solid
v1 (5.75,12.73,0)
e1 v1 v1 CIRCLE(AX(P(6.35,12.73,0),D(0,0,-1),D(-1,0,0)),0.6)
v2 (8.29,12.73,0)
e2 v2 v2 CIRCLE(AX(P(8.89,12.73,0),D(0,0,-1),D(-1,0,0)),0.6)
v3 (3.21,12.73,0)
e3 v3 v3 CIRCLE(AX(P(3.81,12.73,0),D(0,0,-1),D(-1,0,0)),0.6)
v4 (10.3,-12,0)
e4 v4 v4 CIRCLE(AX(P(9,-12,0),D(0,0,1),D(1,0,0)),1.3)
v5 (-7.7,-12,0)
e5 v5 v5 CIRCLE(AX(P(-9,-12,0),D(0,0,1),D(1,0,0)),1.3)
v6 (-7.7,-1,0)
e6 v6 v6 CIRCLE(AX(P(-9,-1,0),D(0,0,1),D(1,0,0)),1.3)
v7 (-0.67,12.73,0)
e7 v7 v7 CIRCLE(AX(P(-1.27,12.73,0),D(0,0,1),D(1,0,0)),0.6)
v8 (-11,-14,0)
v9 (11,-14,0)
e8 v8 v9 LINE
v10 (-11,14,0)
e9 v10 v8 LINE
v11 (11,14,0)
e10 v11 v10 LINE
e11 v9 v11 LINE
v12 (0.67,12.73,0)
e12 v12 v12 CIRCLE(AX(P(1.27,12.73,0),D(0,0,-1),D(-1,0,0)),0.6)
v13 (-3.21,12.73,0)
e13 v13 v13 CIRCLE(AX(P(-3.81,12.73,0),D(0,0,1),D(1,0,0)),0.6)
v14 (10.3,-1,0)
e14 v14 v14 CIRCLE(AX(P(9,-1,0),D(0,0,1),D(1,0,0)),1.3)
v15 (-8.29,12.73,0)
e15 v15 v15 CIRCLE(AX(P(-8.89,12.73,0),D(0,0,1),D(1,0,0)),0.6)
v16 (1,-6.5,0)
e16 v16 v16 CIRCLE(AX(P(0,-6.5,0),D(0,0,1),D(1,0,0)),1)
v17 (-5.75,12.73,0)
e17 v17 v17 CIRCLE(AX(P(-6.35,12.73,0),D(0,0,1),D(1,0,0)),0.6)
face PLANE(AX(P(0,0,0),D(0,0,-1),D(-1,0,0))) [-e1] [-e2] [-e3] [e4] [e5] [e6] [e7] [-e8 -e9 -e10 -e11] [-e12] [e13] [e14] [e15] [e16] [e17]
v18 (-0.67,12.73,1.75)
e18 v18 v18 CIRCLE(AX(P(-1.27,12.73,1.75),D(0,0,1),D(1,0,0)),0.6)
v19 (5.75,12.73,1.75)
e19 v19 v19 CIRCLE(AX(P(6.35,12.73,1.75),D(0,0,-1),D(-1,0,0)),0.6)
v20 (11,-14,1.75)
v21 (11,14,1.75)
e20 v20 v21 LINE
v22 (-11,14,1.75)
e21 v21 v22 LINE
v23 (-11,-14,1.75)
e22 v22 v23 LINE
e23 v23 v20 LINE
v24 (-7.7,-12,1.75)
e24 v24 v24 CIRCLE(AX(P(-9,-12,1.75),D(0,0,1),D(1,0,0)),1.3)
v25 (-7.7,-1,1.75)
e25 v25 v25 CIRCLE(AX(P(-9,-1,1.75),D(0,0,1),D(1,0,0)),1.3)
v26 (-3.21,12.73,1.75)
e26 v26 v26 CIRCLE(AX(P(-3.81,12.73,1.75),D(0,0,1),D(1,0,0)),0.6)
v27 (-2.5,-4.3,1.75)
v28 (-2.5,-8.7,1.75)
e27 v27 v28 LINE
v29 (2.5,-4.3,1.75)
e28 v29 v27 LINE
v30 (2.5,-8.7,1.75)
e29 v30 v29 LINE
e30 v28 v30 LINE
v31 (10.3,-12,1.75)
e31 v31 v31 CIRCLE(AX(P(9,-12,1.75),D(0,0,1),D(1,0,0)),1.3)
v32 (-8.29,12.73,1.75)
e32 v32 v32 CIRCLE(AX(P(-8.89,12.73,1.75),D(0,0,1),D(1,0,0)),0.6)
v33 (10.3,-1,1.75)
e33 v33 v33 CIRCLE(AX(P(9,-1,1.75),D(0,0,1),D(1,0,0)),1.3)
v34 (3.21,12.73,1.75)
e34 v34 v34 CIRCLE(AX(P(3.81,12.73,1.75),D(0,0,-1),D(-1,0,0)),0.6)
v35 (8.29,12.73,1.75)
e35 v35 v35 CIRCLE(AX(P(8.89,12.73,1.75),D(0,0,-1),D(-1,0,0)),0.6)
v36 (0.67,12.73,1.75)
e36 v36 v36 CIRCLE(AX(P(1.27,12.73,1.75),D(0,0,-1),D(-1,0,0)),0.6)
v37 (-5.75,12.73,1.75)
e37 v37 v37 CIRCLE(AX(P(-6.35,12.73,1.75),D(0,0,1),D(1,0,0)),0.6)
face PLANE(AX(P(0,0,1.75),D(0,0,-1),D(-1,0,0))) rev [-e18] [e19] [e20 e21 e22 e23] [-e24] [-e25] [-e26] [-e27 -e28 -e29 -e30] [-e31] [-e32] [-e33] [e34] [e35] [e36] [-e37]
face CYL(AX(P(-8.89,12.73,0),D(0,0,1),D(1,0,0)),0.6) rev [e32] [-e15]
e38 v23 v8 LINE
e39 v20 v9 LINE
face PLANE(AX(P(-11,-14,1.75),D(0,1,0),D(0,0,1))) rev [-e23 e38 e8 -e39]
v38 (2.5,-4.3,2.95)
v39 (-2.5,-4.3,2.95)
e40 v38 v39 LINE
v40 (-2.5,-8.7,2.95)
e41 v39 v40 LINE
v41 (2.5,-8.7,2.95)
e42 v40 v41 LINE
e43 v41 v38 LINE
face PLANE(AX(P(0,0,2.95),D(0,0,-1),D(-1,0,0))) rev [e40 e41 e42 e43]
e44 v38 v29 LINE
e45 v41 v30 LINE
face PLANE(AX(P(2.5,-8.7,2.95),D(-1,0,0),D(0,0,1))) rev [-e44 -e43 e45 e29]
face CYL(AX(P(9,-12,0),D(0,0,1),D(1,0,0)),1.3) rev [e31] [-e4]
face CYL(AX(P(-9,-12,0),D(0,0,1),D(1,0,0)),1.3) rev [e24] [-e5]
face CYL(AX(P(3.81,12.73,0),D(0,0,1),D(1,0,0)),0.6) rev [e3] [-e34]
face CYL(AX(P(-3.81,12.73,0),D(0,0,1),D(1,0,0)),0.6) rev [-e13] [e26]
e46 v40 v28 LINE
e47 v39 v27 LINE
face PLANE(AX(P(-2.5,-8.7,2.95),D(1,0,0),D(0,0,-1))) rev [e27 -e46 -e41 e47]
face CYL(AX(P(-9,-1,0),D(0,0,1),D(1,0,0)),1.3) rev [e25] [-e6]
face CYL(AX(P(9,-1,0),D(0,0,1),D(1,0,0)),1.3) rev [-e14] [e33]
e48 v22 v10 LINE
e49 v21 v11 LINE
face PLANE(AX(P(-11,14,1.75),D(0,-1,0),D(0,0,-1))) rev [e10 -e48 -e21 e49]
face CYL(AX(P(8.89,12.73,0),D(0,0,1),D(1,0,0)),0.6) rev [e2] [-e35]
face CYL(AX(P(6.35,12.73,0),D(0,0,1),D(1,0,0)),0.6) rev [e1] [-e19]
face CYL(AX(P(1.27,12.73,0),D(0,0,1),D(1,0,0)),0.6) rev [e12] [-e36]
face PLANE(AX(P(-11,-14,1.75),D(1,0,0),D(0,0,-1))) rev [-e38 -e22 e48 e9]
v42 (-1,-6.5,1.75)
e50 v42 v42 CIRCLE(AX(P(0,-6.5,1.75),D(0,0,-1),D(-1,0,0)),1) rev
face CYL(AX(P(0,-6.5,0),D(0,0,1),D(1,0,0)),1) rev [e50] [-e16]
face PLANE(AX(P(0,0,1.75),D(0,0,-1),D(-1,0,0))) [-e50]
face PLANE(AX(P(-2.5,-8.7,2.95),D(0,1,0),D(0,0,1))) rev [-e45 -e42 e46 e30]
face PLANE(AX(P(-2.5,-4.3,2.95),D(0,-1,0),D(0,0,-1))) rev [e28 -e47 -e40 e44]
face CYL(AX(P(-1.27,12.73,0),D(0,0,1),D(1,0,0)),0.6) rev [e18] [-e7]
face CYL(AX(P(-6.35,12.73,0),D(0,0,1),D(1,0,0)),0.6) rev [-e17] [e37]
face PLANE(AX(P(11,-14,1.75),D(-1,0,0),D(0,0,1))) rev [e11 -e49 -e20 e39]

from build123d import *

# Parameters (mm, degrees)
SKETCH1_W               = 22
SKETCH1_H               = 28
BOSS_EXTRUDE1_DEPTH     = 1.75
SKETCH2_R               = 1.3
SKETCH2_R_2             = 1
CUT_EXTRUDE1_DEPTH      = 18.890290663
SKETCH3_R               = 0.6
CUT_EXTRUDE2_DEPTH      = 18.890290663
LPATTERN1_COUNT         = 4
LPATTERN1_PITCH         = 2.54
MIRROR1_COPY_1_SKETCH_R = 0.6
MIRROR1_COPY_1_DEPTH    = 18.890290663
MIRROR1_COPY_2_SKETCH_R = 0.6
MIRROR1_COPY_2_DEPTH    = 18.890290663
MIRROR1_COPY_3_SKETCH_R = 0.6
MIRROR1_COPY_3_DEPTH    = 18.890290663
SKETCH4_W               = 5
SKETCH4_H               = 4.4
BOSS_EXTRUDE2_DEPTH     = 1.2


with BuildPart() as part:
    # Sketch1 → Boss-Extrude1 (new body)
    with BuildSketch(Plane.XY):
        Rectangle(SKETCH1_W, SKETCH1_H)
    extrude(amount=BOSS_EXTRUDE1_DEPTH)

    # Sketch2 → Cut-Extrude1 (cut, through all)
    with BuildSketch(Plane.XY.offset(1.75)):
        with Locations((-9, -1)):
            Circle(SKETCH2_R)
        with Locations((-9, -12)):
            Circle(SKETCH2_R)
        with Locations((9, -12)):
            Circle(SKETCH2_R)
        with Locations((9, -1)):
            Circle(SKETCH2_R)
        with Locations((0, -6.5)):
            Circle(SKETCH2_R_2)
    extrude(amount=-CUT_EXTRUDE1_DEPTH, mode=Mode.SUBTRACT)

    # Sketch3 → Cut-Extrude2 (cut, through all)
    with BuildSketch(Plane.XY.offset(1.75)):
        with Locations((-1.27, 12.73)):
            Circle(SKETCH3_R)
    cut_extrude2 = extrude(amount=-CUT_EXTRUDE2_DEPTH, mode=Mode.SUBTRACT)

    # LPattern1: Cut-Extrude2 ×4
    with Locations(*[(-i * LPATTERN1_PITCH, 0, 0) for i in range(1, LPATTERN1_COUNT)]):
        add(cut_extrude2, mode=Mode.SUBTRACT)

    # Mirror1: Cut-Extrude2 across plane
    add(cut_extrude2.mirror(Plane(origin=(0, 0, 0), x_dir=(0, 0, 1), z_dir=(1, 0, 0))), mode=Mode.SUBTRACT)

    # Mirror1 copy 1 sketch → Mirror1 copy 1 (cut, through all)
    with BuildSketch(Plane(origin=(2.54, 0, 1.75), x_dir=(-1, 0, 0), z_dir=(0, 0, 1))):
        with Locations((-1.27, -12.73)):
            Circle(MIRROR1_COPY_1_SKETCH_R)
    extrude(amount=-MIRROR1_COPY_1_DEPTH, mode=Mode.SUBTRACT)

    # Mirror1 copy 2 sketch → Mirror1 copy 2 (cut, through all)
    with BuildSketch(Plane(origin=(5.08, 0, 1.75), x_dir=(-1, 0, 0), z_dir=(0, 0, 1))):
        with Locations((-1.27, -12.73)):
            Circle(MIRROR1_COPY_2_SKETCH_R)
    extrude(amount=-MIRROR1_COPY_2_DEPTH, mode=Mode.SUBTRACT)

    # Mirror1 copy 3 sketch → Mirror1 copy 3 (cut, through all)
    with BuildSketch(Plane(origin=(7.62, 0, 1.75), x_dir=(-1, 0, 0), z_dir=(0, 0, 1))):
        with Locations((-1.27, -12.73)):
            Circle(MIRROR1_COPY_3_SKETCH_R)
    extrude(amount=-MIRROR1_COPY_3_DEPTH, mode=Mode.SUBTRACT)

    # Sketch4 → Boss-Extrude2 (add)
    with BuildSketch(Plane.XY.offset(1.75)):
        with Locations((0, -6.5)):
            Rectangle(SKETCH4_W, SKETCH4_H)
    extrude(amount=BOSS_EXTRUDE2_DEPTH)


solid = part.part
